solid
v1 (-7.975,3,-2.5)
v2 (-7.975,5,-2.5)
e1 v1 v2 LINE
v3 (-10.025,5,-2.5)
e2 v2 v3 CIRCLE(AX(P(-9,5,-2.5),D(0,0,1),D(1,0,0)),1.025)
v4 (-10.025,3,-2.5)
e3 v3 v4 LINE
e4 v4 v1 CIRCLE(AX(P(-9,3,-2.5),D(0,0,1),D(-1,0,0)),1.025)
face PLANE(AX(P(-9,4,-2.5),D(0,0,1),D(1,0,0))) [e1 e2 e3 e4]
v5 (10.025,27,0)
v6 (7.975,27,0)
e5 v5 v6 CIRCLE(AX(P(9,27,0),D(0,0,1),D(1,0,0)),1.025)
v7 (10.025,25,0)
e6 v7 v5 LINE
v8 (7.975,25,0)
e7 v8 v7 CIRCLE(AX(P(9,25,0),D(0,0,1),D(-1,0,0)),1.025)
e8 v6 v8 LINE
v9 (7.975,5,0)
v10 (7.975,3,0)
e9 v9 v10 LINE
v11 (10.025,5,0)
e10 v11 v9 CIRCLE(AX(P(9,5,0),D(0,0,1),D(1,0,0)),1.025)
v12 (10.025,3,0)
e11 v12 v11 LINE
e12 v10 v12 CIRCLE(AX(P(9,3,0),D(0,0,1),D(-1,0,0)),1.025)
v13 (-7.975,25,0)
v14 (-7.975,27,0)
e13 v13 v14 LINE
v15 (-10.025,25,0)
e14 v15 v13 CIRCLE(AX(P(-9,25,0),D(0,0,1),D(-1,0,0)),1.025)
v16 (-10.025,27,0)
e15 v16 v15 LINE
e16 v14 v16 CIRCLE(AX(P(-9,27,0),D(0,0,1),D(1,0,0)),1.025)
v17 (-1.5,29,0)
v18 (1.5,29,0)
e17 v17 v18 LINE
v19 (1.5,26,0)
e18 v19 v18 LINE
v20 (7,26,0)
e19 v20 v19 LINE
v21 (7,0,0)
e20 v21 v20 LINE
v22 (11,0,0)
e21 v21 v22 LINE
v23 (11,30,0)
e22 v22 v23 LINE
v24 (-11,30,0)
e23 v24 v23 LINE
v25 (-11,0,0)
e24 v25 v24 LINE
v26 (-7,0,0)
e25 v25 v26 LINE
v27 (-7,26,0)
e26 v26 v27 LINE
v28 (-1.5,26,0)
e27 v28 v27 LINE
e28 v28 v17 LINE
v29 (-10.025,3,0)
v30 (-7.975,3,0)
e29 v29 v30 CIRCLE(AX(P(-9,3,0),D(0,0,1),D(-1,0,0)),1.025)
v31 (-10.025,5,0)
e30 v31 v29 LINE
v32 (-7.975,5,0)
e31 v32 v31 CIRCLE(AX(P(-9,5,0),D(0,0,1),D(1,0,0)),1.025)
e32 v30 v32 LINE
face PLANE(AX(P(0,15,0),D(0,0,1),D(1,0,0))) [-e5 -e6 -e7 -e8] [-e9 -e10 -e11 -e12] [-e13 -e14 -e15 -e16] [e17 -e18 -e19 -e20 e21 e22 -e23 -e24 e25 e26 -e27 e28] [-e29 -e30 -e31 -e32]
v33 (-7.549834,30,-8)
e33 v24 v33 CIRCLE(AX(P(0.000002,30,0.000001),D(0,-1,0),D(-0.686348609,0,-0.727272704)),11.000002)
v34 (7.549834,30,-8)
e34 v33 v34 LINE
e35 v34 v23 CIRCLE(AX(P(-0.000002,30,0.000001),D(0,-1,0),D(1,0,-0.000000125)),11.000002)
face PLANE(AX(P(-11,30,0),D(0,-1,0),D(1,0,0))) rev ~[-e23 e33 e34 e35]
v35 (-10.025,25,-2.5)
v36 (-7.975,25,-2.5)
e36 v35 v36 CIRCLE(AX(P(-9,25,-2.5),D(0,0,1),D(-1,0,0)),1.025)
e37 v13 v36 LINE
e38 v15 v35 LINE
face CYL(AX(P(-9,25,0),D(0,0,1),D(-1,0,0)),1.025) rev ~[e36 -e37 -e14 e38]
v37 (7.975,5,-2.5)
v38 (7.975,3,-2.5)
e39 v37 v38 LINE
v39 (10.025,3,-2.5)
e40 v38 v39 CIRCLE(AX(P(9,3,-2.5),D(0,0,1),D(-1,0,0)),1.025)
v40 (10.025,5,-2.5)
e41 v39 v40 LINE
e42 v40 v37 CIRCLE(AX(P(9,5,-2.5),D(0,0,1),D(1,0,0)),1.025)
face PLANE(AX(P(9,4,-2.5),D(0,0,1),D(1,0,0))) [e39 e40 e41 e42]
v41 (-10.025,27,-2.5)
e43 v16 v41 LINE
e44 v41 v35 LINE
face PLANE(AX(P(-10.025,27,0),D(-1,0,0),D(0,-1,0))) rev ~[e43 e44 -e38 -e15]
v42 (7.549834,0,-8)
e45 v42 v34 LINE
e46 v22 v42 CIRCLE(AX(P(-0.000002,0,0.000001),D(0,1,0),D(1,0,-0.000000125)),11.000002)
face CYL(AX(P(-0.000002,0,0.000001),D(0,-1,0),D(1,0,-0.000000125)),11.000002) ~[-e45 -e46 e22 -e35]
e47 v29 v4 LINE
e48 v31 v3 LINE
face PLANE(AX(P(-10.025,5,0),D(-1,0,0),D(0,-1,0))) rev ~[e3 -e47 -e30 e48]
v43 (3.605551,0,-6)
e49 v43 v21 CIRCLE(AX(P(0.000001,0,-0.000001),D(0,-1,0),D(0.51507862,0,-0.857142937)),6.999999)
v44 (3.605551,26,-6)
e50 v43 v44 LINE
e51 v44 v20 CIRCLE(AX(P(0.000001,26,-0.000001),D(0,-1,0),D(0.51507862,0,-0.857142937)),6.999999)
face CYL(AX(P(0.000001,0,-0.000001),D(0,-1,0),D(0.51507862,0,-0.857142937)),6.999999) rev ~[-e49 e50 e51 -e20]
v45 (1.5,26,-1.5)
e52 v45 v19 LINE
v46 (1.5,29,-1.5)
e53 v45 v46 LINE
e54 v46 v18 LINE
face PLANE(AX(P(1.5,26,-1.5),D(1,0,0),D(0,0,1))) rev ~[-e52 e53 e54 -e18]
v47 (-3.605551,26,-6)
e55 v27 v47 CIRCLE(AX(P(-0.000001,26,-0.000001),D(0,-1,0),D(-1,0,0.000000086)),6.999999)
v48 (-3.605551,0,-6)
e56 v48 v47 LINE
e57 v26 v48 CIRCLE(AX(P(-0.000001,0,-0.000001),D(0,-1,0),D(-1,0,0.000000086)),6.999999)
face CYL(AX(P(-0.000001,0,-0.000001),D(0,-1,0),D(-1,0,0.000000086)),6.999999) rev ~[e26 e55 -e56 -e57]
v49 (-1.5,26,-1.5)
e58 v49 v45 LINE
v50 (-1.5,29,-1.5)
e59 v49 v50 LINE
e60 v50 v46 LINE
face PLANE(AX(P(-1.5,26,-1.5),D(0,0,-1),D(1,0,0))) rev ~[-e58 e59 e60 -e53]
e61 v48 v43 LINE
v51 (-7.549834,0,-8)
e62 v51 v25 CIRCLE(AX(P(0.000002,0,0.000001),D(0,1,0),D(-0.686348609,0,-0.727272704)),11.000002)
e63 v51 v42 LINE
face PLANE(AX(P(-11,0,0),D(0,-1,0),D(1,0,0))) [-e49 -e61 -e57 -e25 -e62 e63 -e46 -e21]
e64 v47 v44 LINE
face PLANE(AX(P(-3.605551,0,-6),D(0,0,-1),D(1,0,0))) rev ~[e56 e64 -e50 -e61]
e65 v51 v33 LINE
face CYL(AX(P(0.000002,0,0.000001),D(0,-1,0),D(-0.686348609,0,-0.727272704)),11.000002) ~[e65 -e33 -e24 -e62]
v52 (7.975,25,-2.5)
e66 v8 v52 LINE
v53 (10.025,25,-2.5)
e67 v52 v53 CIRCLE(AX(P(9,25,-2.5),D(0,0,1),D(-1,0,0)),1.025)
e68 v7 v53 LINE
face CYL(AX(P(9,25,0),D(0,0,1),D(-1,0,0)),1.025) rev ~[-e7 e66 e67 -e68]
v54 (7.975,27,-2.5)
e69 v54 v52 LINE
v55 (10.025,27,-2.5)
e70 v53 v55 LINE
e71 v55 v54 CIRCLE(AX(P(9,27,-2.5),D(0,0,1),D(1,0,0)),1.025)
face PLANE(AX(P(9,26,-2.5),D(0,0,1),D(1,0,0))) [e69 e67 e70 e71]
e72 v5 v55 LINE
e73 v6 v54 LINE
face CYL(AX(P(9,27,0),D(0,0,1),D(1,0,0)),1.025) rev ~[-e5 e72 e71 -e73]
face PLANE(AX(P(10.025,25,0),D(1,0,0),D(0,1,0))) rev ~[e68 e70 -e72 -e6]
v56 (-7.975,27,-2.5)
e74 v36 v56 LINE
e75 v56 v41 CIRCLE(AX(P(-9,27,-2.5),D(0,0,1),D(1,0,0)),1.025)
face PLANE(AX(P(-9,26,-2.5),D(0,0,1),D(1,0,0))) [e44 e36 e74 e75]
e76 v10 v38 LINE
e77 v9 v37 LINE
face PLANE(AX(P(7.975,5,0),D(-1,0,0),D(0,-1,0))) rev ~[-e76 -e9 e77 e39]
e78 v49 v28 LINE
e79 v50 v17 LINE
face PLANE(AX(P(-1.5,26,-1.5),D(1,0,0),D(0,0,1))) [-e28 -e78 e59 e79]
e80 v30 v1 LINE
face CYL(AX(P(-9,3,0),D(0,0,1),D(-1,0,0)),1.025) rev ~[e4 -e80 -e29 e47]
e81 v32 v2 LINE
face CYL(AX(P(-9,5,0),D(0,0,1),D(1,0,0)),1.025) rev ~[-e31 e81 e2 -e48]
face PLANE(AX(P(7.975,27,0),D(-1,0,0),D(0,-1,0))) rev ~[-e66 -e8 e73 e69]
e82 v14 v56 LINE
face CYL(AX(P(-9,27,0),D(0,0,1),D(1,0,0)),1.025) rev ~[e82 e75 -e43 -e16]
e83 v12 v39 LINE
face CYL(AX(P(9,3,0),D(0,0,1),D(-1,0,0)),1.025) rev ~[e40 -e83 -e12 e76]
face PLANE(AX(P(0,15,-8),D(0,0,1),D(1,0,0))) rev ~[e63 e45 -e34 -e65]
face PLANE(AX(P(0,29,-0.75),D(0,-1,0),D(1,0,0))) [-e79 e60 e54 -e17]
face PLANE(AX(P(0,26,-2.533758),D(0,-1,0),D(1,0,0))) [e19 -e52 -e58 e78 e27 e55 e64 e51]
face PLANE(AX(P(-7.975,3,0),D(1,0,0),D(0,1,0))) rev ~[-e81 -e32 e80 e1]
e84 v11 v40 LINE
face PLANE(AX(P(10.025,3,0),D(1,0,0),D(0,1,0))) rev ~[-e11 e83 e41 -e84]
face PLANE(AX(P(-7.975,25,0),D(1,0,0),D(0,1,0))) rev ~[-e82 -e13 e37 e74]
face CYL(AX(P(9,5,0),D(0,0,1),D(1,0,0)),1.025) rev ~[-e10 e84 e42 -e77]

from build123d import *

# Parameters (mm, degrees)
F1_W      = 22
F1_H      = 30
F2_DEPTH  = 8
F4_DEPTH  = 30.001
F6_DEPTH  = 2.5
F8_DEPTH  = 26
F9_W      = 3
F9_H      = 1.5
F10_DEPTH = 3


with BuildPart() as f2:
    # F1 (on Top) → F2 (new body)
    with BuildSketch(Plane.XY):
        with Locations((0, 15)):
            Rectangle(F1_W, F1_H)
    extrude(amount=-F2_DEPTH)

    # F3 (on face) → F4 (cut, through all)
    with BuildSketch(Plane.XZ):
        with BuildLine():
            Line((11, -8), (11, 0))
            ThreePointArc((11, 0), (10.100697, -4.356135), (7.549834, -8))
            Line((7.549834, -8), (11, -8))
        make_face()
        with BuildLine():
            ThreePointArc((-7.549834, -8), (-10.100697, -4.356135), (-11, 0))
            Line((-11, 0), (-11, -8))
            Line((-11, -8), (-7.549834, -8))
        make_face()
    extrude(amount=-F4_DEPTH, mode=Mode.SUBTRACT)

    # F5 (on face) → F6 (cut)
    with BuildSketch(Plane.XY):
        with BuildLine():
            ThreePointArc((-7.975, 5), (-9, 6.025), (-10.025, 5))
            Line((-10.025, 5), (-10.025, 3))
            ThreePointArc((-10.025, 3), (-9, 1.975), (-7.975, 3))
            Line((-7.975, 3), (-7.975, 5))
        make_face()
        with BuildLine():
            ThreePointArc((10.025, 5), (9, 6.025), (7.975, 5))
            Line((7.975, 5), (7.975, 3))
            ThreePointArc((7.975, 3), (9, 1.975), (10.025, 3))
            Line((10.025, 3), (10.025, 5))
        make_face()
        with BuildLine():
            ThreePointArc((-7.975, 27), (-9, 28.025), (-10.025, 27))
            Line((-10.025, 27), (-10.025, 25))
            ThreePointArc((-10.025, 25), (-9, 23.975), (-7.975, 25))
            Line((-7.975, 25), (-7.975, 27))
        make_face()
        with BuildLine():
            ThreePointArc((10.025, 27), (9, 28.025), (7.975, 27))
            Line((7.975, 27), (7.975, 25))
            ThreePointArc((7.975, 25), (9, 23.975), (10.025, 25))
            Line((10.025, 25), (10.025, 27))
        make_face()
    extrude(amount=-F6_DEPTH, mode=Mode.SUBTRACT)

    # F7 (on face) → F8 (cut)
    with BuildSketch(Plane.XZ):
        with BuildLine():
            Line((7, 0), (-7, 0))
            ThreePointArc((-7, 0), (-6.092572, -3.44682), (-3.605551, -6))
            Line((-3.605551, -6), (3.605551, -6))
            ThreePointArc((3.605551, -6), (6.092572, -3.44682), (7, 0))
        make_face()
    extrude(amount=-F8_DEPTH, mode=Mode.SUBTRACT)

    # F9 (on face) → F10 (cut)
    with BuildSketch(Plane.XZ.offset(-26)):
        with Locations((0, -0.75)):
            Rectangle(F9_W, F9_H)
    extrude(amount=-F10_DEPTH, mode=Mode.SUBTRACT)


solid = f2.part
